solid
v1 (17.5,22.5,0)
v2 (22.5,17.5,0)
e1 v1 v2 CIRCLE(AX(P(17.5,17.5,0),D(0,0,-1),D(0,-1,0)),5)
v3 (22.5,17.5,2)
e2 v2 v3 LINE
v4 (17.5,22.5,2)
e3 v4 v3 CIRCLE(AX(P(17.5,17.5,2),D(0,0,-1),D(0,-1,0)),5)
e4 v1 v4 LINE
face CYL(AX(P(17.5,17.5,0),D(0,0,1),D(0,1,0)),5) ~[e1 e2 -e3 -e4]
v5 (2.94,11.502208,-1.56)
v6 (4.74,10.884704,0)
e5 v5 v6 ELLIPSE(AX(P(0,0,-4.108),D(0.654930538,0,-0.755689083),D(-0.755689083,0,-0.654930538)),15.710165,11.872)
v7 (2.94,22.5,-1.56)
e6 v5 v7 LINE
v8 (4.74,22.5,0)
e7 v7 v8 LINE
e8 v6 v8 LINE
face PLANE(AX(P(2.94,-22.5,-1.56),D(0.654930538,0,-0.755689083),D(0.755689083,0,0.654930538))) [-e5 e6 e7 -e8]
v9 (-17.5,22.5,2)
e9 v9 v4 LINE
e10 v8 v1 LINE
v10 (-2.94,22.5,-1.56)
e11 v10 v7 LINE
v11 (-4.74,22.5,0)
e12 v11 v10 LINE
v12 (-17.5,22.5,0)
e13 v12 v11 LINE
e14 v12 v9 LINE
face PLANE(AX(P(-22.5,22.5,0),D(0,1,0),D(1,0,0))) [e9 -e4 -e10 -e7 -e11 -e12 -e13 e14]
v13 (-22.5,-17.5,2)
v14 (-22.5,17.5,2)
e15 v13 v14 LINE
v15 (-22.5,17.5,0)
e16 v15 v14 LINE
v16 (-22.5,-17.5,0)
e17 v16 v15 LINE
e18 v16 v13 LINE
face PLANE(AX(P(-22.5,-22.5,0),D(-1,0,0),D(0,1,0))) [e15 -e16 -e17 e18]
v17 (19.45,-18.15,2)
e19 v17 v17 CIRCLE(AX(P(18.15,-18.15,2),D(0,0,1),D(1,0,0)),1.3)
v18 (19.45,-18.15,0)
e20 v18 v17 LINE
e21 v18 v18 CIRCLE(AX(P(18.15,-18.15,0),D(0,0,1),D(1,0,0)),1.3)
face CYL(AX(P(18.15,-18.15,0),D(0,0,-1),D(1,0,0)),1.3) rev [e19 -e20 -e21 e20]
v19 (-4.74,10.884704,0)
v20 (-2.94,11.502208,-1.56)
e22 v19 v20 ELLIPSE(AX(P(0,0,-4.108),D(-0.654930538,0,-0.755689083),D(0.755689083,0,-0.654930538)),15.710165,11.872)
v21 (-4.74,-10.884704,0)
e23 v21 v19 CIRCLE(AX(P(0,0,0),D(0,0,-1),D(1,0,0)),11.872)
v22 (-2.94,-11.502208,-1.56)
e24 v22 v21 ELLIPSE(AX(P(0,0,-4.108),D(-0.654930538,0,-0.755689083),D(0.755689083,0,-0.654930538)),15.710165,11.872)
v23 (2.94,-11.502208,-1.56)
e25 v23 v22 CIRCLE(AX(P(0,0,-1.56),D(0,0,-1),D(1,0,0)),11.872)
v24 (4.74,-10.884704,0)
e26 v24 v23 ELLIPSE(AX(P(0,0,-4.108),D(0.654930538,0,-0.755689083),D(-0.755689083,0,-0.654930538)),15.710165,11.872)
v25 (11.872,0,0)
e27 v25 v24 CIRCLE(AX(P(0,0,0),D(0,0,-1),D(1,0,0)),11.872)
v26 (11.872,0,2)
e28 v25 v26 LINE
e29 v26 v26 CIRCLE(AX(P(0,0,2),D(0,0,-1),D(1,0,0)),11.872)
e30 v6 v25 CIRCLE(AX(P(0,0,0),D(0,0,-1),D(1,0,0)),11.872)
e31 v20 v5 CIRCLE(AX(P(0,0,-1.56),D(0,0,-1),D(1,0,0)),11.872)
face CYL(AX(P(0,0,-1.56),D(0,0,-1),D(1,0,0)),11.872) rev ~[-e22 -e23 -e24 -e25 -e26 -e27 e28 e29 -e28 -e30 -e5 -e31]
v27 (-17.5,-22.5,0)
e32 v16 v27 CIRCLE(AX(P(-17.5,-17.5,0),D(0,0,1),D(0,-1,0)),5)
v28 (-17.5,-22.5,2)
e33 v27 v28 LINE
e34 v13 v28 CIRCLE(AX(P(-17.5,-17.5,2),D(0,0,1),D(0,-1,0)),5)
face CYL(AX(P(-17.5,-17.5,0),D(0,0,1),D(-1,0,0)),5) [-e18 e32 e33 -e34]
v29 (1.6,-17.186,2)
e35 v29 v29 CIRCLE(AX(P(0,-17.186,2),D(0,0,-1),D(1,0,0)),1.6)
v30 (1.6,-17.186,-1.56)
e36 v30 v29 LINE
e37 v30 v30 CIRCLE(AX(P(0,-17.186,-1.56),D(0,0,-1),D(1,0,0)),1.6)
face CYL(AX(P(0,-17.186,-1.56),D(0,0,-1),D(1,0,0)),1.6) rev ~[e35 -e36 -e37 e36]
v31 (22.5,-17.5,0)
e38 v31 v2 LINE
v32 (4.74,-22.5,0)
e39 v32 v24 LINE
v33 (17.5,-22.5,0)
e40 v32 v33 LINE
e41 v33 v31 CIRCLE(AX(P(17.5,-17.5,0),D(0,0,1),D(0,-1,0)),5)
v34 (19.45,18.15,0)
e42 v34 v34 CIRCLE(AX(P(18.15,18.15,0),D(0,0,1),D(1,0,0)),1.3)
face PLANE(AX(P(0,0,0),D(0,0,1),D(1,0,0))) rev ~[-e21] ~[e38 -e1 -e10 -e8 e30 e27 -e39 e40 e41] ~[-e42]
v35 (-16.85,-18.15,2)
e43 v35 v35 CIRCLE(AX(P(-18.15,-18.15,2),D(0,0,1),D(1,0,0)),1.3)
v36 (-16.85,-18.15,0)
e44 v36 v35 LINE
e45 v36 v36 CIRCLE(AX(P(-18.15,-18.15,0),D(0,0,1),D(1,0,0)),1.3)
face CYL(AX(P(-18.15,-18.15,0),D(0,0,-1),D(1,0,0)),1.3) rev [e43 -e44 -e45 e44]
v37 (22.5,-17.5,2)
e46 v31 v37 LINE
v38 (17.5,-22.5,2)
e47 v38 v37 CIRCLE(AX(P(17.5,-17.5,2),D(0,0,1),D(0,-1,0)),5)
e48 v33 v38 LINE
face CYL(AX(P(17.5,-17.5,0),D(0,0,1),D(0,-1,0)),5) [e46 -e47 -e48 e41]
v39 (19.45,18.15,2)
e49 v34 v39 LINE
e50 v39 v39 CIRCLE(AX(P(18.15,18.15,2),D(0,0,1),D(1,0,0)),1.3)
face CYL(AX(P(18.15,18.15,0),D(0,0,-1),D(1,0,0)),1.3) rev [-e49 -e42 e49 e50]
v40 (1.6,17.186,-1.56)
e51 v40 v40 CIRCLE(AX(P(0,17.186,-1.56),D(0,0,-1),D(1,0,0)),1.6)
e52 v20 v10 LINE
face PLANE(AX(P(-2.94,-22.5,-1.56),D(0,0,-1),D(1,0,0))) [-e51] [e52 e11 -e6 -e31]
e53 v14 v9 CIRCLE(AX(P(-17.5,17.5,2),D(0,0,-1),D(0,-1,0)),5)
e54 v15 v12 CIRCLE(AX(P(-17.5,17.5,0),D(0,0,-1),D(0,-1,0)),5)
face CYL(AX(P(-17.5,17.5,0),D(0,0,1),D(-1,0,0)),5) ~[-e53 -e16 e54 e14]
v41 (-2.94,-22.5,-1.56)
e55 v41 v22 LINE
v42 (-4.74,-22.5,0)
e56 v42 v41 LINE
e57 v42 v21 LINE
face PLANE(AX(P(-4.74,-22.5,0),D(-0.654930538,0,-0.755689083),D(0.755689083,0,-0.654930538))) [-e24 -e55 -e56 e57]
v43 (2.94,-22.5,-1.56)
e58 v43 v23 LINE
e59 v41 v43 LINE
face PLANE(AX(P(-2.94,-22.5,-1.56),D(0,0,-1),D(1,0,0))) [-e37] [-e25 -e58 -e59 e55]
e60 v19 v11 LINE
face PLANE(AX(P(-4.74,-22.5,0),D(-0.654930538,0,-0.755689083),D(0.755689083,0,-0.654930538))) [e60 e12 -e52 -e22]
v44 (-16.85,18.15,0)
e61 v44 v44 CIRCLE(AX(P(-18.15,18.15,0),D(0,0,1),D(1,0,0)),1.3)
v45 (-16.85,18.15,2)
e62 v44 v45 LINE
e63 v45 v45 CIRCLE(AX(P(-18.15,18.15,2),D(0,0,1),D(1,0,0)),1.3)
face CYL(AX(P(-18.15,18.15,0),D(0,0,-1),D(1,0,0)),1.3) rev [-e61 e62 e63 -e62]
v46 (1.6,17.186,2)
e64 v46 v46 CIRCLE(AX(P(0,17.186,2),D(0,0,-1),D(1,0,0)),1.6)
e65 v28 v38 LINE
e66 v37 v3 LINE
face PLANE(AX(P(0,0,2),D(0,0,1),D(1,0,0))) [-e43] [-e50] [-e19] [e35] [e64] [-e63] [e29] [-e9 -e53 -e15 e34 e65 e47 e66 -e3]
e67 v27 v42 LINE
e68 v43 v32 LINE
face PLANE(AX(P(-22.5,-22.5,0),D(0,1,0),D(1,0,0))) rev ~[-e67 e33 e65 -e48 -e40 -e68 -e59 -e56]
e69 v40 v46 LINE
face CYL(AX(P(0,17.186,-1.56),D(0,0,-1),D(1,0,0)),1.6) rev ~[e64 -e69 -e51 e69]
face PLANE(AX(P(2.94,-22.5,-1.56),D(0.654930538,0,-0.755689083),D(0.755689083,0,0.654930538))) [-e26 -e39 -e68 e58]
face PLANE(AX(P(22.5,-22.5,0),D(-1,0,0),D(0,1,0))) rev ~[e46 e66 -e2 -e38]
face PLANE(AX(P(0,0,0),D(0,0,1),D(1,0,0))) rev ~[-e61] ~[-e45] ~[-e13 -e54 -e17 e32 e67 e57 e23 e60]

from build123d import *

# Parameters (mm, degrees)
SKETCH_W      = 45
SKETCH_H      = 45
SKETCH_R      = 1.3
PAD_DEPTH     = 2
PAD001_DEPTH  = 45
SKETCH002_R   = 11.872
SKETCH002_R_2 = 1.6
POCKET_DEPTH  = 3.561
FILLET_R      = 5


with BuildPart() as part:
    # Sketch → Pad (new body)
    with BuildSketch(Plane.XY):
        Rectangle(SKETCH_W, SKETCH_H)
        with Locations((-18.15, 18.15)):
            Circle(SKETCH_R, mode=Mode.SUBTRACT)
        with Locations((-18.15, -18.15)):
            Circle(SKETCH_R, mode=Mode.SUBTRACT)
        with Locations((18.15, -18.15)):
            Circle(SKETCH_R, mode=Mode.SUBTRACT)
        with Locations((18.15, 18.15)):
            Circle(SKETCH_R, mode=Mode.SUBTRACT)
    extrude(amount=PAD_DEPTH)

    # Sketch001 (on Face3 of Pad) → Pad001 (join)
    with BuildSketch(Plane.XZ.offset(22.5)):
        Polygon((0, 0), (-4.74, 0), (-2.94, -1.56), (0, -1.56), (2.94, -1.56), (4.74, 0), align=None)
    extrude(amount=-PAD001_DEPTH)

    # Sketch002 (on Face13 of Pad001) → Pocket (cut, through all)
    with BuildSketch(Plane(origin=(0, 0, -1.56), x_dir=(1, 0, 0), z_dir=(0, 0, -1))):
        Circle(SKETCH002_R)
        with Locations((0, 17.186)):
            Circle(SKETCH002_R_2)
        with Locations((0, -17.186)):
            Circle(SKETCH002_R_2)
    extrude(amount=-POCKET_DEPTH, mode=Mode.SUBTRACT)

    # Fillet
    fillet_edges = [part.edges().sort_by_distance(p)[0] for p in [
        (22.5, -22.5, 1),
        (22.5, 22.5, 1),
        (-22.5, -22.5, 1),
        (-22.5, 22.5, 1),
    ]]
    fillet(fillet_edges, radius=FILLET_R)


solid = part.part
